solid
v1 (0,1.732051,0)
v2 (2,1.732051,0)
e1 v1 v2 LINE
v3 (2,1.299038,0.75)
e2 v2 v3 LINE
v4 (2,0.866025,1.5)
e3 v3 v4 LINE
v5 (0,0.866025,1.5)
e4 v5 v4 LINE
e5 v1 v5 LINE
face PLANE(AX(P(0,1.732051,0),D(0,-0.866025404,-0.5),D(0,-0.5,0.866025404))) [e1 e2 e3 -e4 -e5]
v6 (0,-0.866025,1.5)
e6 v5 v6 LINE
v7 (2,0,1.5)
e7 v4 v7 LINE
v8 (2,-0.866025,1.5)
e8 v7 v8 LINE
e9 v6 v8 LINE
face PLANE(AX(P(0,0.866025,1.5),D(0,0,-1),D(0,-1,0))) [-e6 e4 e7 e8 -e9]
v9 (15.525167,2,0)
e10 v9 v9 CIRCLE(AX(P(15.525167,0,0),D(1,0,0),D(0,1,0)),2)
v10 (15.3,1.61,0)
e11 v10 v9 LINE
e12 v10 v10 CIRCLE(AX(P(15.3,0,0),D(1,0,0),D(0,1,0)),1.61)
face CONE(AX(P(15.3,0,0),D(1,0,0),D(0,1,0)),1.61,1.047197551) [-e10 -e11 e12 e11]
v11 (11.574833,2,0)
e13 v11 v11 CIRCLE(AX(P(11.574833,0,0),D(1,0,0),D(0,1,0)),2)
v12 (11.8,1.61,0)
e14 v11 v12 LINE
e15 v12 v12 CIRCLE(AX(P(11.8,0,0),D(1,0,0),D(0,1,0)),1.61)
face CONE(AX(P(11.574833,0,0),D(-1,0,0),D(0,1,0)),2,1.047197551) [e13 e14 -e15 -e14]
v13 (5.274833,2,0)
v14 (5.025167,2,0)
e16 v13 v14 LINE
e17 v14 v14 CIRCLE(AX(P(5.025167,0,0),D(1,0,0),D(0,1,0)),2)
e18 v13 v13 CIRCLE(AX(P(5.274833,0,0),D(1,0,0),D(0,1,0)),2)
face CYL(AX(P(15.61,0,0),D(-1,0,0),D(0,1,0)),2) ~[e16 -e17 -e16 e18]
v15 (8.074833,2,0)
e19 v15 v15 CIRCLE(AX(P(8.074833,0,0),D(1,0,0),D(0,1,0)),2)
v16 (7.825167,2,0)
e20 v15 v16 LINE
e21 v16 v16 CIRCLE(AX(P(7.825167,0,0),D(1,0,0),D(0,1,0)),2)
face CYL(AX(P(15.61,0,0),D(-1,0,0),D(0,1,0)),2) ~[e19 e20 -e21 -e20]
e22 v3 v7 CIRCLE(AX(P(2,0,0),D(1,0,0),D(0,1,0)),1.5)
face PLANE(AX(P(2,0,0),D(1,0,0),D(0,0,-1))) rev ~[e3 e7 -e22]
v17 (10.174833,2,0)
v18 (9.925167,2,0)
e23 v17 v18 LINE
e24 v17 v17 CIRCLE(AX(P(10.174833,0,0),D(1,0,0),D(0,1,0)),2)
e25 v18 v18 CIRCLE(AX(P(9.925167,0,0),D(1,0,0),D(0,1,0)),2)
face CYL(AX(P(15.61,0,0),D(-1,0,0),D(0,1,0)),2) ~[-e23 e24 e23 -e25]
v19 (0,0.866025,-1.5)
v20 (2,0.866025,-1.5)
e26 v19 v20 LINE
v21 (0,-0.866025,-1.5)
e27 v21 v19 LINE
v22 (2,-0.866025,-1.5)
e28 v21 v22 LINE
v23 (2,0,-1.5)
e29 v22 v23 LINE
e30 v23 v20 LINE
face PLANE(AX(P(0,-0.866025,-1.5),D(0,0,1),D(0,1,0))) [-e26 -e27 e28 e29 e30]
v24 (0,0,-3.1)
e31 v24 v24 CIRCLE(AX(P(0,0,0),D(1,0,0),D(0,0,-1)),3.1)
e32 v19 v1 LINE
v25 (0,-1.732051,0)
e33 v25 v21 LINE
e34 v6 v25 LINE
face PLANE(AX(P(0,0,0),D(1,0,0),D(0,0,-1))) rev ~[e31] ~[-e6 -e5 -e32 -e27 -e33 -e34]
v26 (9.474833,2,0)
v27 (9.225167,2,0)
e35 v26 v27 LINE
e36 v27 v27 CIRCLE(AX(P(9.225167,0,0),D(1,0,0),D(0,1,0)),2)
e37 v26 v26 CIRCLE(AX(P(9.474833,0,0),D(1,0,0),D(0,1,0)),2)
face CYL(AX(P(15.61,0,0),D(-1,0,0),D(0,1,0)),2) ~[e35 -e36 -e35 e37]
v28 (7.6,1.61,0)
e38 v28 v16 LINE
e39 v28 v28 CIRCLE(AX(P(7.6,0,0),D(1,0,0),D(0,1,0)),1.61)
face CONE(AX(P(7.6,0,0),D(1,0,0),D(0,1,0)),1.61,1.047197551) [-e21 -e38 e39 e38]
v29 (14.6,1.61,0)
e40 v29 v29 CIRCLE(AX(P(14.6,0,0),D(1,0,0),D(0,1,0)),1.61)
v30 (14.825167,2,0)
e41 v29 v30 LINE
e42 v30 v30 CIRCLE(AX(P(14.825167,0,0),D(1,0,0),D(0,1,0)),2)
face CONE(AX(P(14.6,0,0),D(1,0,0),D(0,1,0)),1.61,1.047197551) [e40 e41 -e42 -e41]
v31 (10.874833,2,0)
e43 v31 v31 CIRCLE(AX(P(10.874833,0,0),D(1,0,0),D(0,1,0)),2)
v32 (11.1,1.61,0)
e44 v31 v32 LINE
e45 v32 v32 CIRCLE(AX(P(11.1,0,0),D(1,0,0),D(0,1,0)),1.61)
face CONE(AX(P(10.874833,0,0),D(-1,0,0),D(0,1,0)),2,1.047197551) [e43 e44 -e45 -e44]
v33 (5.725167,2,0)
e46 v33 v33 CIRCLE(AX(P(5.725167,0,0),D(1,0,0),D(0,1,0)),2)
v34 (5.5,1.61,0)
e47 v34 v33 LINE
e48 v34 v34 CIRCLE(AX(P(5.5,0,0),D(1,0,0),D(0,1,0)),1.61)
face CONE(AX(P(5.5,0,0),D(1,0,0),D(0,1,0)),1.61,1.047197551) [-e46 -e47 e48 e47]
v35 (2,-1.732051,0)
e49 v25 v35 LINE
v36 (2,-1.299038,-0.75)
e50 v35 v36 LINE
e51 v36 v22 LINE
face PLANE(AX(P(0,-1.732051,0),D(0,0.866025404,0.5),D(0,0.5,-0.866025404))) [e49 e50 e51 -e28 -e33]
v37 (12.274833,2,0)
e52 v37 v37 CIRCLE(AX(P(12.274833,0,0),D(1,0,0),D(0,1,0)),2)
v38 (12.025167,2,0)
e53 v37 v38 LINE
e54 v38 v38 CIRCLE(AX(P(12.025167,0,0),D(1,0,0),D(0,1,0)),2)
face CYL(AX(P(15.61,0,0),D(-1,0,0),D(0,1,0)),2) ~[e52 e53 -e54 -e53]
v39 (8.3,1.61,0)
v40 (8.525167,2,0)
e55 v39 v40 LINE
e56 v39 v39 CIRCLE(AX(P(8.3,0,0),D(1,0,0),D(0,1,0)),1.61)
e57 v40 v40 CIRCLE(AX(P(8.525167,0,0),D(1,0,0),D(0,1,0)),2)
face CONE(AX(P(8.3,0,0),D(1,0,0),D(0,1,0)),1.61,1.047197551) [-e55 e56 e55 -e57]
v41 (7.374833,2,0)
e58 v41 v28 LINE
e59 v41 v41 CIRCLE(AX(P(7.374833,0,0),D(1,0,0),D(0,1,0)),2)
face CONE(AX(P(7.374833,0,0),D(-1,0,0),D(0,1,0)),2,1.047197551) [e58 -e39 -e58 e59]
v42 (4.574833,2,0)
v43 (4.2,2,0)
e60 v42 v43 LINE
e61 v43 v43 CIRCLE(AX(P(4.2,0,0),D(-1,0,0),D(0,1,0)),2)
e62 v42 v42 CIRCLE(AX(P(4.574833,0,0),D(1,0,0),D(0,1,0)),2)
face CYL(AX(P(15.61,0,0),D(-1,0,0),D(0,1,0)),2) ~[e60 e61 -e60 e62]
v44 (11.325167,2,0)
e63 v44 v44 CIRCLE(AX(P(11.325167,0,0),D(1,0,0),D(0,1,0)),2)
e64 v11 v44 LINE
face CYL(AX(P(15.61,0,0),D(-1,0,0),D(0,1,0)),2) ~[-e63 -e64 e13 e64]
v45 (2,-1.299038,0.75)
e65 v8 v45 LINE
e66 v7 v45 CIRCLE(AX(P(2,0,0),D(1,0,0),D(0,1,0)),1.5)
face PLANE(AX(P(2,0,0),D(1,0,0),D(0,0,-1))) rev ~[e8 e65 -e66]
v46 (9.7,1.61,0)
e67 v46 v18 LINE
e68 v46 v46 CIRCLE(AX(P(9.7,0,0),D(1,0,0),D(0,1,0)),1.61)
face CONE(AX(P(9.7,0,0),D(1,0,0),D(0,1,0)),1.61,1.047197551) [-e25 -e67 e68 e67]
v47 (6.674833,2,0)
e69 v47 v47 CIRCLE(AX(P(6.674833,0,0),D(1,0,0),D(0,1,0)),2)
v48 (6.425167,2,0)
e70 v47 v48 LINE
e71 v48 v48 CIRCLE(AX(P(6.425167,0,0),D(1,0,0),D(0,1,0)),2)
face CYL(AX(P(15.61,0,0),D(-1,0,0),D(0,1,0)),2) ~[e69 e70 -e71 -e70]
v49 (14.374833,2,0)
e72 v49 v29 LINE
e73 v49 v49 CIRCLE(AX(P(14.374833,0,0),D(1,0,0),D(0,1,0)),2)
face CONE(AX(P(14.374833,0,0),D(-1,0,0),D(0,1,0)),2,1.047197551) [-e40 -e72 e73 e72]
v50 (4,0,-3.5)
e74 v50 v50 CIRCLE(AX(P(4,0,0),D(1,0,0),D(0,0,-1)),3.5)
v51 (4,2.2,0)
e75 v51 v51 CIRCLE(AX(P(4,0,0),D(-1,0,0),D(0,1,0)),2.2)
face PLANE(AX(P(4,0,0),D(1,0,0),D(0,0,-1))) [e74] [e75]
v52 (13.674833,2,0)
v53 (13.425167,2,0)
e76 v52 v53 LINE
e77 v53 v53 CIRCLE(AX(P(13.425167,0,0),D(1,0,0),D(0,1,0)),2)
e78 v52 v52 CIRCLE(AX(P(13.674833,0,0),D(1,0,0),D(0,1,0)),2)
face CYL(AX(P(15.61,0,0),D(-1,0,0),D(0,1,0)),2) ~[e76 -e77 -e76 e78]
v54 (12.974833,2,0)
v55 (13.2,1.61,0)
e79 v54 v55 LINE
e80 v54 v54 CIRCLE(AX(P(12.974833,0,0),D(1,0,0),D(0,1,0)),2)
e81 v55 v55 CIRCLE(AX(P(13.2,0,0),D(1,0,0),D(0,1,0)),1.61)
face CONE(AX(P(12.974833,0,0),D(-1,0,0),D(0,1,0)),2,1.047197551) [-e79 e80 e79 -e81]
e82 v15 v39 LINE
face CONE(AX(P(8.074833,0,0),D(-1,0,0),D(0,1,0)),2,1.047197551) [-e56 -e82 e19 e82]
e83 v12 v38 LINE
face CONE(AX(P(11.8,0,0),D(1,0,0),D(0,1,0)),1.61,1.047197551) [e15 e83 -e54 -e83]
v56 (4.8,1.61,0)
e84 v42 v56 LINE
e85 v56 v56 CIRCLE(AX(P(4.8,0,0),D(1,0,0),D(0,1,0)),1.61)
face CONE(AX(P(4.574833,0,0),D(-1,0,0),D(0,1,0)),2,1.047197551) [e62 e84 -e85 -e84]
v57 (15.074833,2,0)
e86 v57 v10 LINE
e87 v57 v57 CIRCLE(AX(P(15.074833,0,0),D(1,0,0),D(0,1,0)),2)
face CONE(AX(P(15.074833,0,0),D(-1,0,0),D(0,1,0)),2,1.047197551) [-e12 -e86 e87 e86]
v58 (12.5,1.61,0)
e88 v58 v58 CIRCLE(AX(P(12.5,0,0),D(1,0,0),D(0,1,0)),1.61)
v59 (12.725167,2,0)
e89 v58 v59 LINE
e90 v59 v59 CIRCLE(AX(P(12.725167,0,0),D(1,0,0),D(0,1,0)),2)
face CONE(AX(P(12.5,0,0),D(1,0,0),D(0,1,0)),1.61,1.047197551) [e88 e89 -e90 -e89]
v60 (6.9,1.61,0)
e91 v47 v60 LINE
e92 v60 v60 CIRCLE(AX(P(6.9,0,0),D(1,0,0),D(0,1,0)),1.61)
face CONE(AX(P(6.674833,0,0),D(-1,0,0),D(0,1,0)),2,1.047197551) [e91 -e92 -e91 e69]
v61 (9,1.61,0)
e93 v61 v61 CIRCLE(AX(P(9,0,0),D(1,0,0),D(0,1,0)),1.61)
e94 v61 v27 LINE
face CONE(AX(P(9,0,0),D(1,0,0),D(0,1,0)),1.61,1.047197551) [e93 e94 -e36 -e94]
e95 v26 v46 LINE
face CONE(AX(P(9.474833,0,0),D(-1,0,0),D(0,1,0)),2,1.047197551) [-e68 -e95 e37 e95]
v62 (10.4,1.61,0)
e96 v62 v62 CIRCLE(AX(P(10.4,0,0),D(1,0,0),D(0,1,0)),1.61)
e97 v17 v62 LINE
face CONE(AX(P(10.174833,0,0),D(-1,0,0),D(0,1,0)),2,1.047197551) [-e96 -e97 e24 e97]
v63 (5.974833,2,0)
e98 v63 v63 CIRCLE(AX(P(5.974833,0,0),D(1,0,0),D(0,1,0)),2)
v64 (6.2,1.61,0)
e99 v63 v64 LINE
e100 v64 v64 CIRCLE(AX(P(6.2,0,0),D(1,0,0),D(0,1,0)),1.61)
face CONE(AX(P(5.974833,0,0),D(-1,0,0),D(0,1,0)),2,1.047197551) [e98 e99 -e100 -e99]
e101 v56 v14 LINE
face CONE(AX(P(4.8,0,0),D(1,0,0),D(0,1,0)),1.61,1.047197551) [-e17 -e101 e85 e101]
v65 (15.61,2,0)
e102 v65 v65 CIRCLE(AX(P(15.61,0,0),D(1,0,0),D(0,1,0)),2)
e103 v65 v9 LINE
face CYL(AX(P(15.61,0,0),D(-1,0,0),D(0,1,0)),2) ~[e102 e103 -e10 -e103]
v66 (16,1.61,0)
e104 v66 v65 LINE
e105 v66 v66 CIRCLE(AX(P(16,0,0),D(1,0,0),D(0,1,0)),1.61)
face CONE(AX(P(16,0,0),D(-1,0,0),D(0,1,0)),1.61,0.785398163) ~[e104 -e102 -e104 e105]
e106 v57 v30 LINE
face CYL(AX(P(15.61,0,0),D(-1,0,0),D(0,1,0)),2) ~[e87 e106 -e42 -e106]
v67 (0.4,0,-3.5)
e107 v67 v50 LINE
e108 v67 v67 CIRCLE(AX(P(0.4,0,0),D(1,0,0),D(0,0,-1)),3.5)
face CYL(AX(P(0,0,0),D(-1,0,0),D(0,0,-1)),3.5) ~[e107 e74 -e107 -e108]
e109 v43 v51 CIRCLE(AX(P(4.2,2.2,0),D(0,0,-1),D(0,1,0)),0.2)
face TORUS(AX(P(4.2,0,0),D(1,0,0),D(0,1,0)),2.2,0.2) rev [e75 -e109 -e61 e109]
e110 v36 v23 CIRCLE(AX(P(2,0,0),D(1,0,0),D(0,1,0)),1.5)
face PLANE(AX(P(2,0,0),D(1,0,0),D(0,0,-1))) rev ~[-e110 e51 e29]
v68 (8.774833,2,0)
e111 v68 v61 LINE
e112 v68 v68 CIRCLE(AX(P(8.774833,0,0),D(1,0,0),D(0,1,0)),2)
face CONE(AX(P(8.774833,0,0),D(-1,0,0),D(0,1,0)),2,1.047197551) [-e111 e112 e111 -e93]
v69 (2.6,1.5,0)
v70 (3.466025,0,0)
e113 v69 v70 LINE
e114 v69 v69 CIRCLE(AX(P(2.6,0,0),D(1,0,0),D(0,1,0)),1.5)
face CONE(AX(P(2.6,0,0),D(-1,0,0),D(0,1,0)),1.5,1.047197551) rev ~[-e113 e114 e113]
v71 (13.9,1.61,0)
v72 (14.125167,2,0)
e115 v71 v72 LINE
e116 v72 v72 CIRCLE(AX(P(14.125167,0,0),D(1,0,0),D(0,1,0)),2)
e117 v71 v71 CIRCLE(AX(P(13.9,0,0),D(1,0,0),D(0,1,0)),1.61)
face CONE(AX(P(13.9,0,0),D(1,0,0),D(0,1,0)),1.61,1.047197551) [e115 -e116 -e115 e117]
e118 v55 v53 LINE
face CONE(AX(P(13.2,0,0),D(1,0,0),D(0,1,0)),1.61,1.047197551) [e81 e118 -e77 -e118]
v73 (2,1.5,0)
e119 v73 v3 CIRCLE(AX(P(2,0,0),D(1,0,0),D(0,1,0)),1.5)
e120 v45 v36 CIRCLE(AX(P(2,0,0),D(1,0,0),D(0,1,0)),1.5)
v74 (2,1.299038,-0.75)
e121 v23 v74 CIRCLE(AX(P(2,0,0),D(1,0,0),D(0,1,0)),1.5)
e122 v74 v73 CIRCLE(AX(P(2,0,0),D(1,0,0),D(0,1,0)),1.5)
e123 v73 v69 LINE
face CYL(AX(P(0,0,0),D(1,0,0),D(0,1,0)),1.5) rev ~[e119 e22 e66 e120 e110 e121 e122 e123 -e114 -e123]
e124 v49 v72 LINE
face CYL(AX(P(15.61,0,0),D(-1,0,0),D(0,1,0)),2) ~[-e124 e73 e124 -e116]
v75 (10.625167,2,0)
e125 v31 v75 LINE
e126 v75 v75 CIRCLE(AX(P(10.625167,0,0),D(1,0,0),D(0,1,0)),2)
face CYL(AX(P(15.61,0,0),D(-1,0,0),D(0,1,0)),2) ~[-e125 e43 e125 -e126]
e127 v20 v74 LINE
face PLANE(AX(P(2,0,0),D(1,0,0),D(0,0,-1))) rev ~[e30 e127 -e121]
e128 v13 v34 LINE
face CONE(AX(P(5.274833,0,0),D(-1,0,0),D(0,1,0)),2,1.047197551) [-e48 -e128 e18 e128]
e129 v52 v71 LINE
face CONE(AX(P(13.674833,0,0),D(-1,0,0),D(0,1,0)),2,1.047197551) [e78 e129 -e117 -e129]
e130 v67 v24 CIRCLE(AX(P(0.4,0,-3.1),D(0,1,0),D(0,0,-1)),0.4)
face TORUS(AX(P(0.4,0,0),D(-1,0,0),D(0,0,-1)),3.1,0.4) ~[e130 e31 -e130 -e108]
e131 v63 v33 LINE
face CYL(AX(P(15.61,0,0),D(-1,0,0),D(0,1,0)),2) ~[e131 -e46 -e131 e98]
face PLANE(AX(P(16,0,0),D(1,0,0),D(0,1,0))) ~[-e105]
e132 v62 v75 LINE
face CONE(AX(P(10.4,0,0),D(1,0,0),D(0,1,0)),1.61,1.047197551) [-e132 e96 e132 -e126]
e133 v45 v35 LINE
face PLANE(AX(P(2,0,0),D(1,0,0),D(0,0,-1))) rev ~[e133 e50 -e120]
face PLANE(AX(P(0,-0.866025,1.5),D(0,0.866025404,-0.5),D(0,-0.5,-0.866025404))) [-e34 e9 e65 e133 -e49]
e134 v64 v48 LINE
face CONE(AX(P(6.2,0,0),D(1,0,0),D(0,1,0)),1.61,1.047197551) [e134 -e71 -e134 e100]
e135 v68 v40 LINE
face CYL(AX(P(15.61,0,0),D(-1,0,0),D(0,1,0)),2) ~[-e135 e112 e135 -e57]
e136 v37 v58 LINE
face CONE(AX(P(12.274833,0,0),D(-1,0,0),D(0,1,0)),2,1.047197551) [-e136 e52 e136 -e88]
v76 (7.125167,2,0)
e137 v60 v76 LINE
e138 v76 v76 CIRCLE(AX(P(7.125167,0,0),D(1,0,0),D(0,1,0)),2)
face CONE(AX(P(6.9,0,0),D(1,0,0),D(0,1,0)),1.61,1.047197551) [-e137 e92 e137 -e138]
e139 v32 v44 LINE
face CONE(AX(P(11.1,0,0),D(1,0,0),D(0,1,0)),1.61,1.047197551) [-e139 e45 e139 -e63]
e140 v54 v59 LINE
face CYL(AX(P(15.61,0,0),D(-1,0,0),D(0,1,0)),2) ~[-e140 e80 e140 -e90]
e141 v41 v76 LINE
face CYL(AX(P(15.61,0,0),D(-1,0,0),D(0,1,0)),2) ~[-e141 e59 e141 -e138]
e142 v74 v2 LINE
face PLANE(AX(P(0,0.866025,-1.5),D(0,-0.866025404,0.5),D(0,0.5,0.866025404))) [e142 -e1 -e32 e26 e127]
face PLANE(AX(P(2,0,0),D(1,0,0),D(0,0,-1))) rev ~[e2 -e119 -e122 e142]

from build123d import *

# Parameters (mm, degrees)
BASEHEADSKE_R   = 3.5
BASEHEAD_DEPTH  = 4
CUTSOCKET_DEPTH = 2
FILLET1_R       = 0.2
FILLET2_R       = 0.4
THDSCHPAT_COUNT = 16
THDSCHPAT_PITCH = 0.7


with BuildPart() as part:
    # BaseHeadSke → BaseHead (new body)
    with BuildSketch(Plane(origin=(0, 0, 0), x_dir=(0, 0, -1), z_dir=(1, 0, 0))):
        Circle(BASEHEADSKE_R)
    extrude(amount=BASEHEAD_DEPTH)

    # BodySke → BaseBody (revolve)
    with BuildSketch(Plane.XY):
        Polygon((0, 0), (16, 0), (16, 1.61), (15.61, 2), (0, 2), align=None)
    revolve(axis=Axis((0, 0, 0), (1, 0, 0)))

    # CutSocketSke → CutSocket (cut)
    with BuildSketch(Plane(origin=(0, 0, 0), x_dir=(0, 0, -1), z_dir=(1, 0, 0))):
        Polygon((0, 1.732050808), (-1.5, 0.866025404), (-1.5, -0.866025404), (0, -1.732050808), (1.5, -0.866025404), (1.5, 0.866025404), align=None)
    extrude(amount=CUTSOCKET_DEPTH, mode=Mode.SUBTRACT)

    # CutHoleSke → CutHole (revolve, cut)
    with BuildSketch(Plane.XY):
        Polygon((0, 1.5), (2.6, 1.5), (3.466025404, 0), (0, 0), align=None)
    revolve(axis=Axis((0, 0, 0), (1, 0, 0)), mode=Mode.SUBTRACT)

    # Fillet1
    fillet1_edges = [part.edges().sort_by_distance(p)[0] for p in [
        (4, -2, 0),
    ]]
    fillet(fillet1_edges, radius=FILLET1_R)

    # Fillet2
    fillet2_edges = [part.edges().sort_by_distance(p)[0] for p in [
        (0, 0, 3.5),
    ]]
    fillet(fillet2_edges, radius=FILLET2_R)

    # ThdSchSke → ThreadSchematic (revolve, cut)
    with BuildSketch(Plane.XY):
        Polygon((15.074833395, 2.45033321), (15.074833395, 2), (15.3, 1.61), (15.525166605, 2), (15.525166605, 2.45033321), align=None)
    threadschematic = revolve(axis=Axis((0, 0, 0), (1, 0, 0)), mode=Mode.SUBTRACT)

    # ThdSchPat: ThreadSchematic ×16
    with Locations(*[(-i * THDSCHPAT_PITCH, 0, 0) for i in range(1, THDSCHPAT_COUNT)]):
        add(threadschematic, mode=Mode.SUBTRACT)


solid = part.part
